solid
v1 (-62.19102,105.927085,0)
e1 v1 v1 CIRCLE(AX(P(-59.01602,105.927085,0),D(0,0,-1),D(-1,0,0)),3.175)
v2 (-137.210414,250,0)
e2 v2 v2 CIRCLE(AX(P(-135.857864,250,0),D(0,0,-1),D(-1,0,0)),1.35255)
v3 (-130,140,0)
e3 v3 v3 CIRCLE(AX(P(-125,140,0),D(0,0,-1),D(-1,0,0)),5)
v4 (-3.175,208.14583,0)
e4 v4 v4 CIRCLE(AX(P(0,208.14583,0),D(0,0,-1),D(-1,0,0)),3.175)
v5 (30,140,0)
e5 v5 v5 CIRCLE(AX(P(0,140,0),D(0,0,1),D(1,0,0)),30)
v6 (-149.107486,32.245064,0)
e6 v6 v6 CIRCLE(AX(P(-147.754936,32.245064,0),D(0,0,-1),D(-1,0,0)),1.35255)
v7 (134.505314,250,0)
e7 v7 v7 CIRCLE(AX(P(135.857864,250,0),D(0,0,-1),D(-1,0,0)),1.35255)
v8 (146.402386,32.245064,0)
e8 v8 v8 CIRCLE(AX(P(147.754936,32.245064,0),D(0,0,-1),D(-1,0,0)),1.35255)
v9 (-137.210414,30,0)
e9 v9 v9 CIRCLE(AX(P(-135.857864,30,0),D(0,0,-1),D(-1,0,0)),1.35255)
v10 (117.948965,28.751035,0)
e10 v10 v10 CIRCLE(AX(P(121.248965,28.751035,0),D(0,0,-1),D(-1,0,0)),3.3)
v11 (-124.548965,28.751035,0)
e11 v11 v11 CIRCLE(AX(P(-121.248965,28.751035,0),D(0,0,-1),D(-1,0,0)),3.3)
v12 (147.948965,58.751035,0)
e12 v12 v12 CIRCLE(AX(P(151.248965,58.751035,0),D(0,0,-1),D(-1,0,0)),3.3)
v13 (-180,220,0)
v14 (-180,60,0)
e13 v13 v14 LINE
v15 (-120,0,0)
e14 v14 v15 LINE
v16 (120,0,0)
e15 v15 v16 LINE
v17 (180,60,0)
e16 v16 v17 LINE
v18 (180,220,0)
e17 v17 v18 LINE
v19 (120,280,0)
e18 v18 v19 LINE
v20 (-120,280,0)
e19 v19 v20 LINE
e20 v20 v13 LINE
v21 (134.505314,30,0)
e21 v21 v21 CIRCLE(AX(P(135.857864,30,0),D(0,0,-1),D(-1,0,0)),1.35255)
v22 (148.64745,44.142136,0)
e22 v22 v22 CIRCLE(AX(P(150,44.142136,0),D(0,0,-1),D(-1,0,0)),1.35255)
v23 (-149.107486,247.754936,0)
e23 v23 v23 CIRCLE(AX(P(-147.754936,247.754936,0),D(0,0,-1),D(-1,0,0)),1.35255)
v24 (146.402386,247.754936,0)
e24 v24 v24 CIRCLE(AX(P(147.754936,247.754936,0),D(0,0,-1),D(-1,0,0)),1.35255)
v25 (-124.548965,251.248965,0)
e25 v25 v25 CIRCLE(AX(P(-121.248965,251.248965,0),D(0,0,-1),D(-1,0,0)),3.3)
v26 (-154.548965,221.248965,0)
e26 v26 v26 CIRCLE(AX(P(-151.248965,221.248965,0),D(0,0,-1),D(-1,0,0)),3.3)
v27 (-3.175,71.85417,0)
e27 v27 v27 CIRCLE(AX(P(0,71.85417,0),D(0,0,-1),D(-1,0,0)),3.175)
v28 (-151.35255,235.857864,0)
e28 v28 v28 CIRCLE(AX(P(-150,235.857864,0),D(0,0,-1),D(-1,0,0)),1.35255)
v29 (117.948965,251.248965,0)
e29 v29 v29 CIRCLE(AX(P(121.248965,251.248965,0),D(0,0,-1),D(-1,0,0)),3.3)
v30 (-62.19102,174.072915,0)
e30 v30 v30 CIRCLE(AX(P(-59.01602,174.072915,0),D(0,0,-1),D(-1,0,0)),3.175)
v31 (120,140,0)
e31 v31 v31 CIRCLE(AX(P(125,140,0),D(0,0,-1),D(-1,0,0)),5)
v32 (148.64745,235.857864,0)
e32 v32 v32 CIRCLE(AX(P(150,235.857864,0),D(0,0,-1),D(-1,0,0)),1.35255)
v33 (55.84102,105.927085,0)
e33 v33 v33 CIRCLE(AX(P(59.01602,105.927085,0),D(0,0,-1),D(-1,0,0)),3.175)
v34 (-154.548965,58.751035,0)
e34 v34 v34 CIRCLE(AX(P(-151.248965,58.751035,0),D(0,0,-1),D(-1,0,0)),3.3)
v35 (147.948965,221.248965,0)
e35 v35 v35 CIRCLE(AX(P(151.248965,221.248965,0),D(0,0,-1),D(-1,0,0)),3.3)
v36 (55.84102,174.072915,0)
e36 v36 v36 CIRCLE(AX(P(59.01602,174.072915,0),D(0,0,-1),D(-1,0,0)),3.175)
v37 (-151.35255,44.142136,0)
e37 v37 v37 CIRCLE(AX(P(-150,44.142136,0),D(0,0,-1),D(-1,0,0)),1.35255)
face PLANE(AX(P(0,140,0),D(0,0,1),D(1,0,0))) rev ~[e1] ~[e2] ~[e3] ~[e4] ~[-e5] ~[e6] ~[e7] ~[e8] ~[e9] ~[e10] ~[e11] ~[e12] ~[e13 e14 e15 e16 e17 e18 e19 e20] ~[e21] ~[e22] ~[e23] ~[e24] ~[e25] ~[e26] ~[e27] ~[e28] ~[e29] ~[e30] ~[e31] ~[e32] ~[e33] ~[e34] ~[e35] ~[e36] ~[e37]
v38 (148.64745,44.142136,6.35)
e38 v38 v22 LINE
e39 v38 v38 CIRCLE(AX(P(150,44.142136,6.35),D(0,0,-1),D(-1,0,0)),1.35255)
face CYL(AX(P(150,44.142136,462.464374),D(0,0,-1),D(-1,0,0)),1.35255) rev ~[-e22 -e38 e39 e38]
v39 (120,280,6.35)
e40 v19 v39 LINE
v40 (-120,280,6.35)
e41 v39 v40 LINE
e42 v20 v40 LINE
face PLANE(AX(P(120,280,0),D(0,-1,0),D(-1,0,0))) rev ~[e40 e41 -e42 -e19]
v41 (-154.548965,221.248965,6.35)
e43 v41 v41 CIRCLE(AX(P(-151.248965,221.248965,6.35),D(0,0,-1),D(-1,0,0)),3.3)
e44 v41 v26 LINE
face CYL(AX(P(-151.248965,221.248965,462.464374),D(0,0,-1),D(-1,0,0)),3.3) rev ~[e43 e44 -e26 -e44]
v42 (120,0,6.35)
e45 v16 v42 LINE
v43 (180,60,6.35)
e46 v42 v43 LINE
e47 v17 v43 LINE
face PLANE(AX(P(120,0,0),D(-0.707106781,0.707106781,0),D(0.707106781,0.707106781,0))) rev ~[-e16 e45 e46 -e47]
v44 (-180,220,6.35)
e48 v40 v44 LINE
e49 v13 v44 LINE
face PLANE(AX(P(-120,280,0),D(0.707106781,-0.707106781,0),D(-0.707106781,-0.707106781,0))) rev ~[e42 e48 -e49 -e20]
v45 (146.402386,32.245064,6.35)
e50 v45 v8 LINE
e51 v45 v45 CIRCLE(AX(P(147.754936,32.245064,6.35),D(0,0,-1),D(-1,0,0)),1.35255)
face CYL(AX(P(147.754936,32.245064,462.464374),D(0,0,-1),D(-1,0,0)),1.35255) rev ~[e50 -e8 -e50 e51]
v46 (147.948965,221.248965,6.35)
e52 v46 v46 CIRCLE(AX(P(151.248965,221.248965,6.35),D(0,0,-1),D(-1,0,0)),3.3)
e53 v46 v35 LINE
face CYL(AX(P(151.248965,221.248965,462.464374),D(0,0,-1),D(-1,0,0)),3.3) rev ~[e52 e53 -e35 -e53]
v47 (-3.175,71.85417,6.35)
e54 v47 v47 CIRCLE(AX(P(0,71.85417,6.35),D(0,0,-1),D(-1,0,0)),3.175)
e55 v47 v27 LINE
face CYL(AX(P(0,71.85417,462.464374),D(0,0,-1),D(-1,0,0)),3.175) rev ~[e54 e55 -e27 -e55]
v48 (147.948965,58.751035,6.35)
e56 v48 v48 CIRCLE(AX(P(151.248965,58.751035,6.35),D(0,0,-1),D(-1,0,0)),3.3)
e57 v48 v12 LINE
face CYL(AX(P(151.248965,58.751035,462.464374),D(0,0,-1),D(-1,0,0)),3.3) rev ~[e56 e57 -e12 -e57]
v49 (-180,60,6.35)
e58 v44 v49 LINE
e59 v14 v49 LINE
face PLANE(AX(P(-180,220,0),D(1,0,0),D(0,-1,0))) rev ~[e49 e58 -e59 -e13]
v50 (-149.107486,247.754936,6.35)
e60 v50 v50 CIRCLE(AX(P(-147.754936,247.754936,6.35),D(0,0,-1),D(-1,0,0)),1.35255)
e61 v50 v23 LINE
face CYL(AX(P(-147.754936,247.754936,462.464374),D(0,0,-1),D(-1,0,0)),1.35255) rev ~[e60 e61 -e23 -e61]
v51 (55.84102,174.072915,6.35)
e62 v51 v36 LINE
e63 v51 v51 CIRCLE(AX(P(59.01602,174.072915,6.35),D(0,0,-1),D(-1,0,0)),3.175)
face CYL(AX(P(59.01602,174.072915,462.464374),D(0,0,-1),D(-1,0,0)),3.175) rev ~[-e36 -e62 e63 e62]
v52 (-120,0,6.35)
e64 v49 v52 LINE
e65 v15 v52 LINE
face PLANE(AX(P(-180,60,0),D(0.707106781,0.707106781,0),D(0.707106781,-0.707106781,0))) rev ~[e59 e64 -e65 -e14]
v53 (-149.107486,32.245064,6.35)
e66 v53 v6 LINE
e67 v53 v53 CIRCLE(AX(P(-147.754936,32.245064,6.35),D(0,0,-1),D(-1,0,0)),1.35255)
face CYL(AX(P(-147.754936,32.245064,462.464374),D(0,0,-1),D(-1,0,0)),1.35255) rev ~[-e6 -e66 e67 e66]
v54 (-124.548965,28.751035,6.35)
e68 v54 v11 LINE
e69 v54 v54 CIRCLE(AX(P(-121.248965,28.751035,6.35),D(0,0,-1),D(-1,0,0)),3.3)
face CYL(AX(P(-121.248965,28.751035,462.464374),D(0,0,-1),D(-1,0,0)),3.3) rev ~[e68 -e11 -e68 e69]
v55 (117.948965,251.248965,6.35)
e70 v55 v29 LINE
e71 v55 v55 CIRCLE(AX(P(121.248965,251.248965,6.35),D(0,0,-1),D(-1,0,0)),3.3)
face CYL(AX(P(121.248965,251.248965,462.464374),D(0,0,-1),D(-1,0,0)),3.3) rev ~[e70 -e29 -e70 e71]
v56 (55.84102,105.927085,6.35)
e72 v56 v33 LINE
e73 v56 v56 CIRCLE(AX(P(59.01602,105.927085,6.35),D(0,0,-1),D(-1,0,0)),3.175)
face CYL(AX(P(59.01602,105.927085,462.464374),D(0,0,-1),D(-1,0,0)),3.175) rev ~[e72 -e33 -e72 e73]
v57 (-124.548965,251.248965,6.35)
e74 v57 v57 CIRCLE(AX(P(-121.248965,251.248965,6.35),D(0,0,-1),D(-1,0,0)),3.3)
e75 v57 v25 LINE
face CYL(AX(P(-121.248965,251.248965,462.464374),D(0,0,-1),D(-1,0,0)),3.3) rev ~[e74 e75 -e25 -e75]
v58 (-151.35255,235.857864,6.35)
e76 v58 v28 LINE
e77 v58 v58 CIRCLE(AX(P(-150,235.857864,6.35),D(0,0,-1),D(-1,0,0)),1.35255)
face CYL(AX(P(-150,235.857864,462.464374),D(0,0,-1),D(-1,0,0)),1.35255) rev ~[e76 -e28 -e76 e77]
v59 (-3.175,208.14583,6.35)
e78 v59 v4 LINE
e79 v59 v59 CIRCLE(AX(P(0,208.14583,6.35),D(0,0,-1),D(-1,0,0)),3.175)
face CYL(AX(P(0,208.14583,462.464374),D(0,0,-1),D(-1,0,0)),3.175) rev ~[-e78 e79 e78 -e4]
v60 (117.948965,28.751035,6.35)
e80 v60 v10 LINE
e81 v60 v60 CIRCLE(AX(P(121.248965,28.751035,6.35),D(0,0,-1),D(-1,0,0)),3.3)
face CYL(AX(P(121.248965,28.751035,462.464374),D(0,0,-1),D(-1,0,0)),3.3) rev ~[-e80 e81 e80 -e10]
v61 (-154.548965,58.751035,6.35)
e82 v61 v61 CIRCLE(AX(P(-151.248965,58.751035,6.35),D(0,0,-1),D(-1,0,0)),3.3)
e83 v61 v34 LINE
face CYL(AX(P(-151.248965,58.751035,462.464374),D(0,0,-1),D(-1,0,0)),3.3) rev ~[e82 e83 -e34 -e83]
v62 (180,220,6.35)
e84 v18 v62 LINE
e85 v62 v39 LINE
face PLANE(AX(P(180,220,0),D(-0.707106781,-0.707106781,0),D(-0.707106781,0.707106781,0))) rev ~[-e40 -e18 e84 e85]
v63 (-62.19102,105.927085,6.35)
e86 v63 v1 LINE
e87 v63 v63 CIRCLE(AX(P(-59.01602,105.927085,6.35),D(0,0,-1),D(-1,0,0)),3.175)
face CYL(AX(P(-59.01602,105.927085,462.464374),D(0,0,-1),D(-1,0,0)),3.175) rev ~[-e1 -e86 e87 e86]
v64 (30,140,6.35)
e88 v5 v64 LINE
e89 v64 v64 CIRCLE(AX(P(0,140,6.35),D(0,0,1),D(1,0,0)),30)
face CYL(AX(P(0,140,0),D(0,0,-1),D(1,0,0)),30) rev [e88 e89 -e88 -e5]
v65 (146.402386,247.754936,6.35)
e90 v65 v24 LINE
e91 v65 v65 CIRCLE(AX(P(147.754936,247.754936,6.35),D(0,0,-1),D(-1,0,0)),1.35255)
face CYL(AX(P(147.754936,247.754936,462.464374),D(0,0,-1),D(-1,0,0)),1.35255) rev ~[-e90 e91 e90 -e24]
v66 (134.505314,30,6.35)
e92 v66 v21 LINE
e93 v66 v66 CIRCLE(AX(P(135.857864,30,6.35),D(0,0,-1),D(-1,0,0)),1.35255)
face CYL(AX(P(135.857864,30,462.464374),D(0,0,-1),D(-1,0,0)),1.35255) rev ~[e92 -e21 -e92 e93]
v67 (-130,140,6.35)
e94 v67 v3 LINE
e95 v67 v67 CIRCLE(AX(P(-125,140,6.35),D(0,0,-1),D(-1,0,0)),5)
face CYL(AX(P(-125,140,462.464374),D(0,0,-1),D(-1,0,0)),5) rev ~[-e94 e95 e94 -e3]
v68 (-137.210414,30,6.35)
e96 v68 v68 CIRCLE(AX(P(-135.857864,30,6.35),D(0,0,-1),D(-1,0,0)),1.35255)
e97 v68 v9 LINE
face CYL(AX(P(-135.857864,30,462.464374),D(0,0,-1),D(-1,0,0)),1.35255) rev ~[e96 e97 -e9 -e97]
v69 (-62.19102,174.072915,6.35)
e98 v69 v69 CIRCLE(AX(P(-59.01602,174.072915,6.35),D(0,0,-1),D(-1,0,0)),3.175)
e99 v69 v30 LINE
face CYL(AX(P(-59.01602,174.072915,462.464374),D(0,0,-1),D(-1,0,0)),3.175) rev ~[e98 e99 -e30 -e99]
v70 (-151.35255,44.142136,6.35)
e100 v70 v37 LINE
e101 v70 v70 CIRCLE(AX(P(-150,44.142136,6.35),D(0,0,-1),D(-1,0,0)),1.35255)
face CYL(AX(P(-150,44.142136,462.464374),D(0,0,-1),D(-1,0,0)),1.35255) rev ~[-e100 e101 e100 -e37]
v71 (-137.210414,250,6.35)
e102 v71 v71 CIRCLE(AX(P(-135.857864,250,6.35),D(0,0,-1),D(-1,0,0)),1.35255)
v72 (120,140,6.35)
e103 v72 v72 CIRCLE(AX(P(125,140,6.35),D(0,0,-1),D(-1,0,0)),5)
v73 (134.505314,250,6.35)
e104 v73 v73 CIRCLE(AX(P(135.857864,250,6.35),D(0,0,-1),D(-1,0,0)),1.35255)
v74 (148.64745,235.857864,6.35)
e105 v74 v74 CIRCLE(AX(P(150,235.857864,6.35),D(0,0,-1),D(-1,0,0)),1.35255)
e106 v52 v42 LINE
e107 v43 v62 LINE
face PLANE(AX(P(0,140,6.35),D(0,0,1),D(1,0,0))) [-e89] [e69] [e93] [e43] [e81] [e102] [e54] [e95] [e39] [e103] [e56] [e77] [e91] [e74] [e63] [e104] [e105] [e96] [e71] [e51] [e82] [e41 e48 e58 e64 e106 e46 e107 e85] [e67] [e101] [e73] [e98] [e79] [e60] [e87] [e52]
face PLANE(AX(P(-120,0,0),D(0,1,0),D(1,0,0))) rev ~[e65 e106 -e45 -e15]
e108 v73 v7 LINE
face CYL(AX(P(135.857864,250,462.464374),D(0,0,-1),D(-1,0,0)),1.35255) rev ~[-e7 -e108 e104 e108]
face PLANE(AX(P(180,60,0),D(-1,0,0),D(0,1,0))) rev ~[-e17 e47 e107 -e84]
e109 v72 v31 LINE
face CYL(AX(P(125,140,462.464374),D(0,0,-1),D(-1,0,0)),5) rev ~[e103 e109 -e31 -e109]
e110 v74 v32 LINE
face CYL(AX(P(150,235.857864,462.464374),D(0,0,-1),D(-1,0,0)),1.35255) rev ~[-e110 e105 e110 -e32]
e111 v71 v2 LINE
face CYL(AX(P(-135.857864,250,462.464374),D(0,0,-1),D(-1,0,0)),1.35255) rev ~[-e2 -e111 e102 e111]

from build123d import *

# Parameters (mm, degrees)
F0_R     = 30
F1_DEPTH = 6.35
F3_D     = 10
F5_D     = 6.6
F6_D     = 2.7051
F7_D     = 2.7051
F9_D     = 6.35
F10_D    = 2.7051


with BuildPart() as f1:
    # F0 (on Top) → F1 (new body)
    with BuildSketch(Plane.XY):
        Polygon((-180, 60), (-120, 0), (120, 0), (180, 60), (180, 220), (120, 280), (-120, 280), (-180, 220), align=None)
        with Locations((0, 140)):
            Circle(F0_R, mode=Mode.SUBTRACT)
    extrude(amount=F1_DEPTH)

    # F3 (through all)
    with Locations(Plane.XY.offset(6.35)):
        with Locations((-125, 140), (125, 140)):
            Hole(F3_D / 2)

    # F5 (through all)
    with Locations(Plane.XY.offset(6.35)):
        with Locations((-121.2489651369, 251.2489651369), (-151.2489651369, 221.2489651369), (-151.2489651369, 58.7510348631), (-121.2489651369, 28.7510348631), (121.2489651369, 28.7510348631), (151.2489651369, 58.7510348631), (151.2489651369, 221.2489651369), (121.2489651369, 251.2489651369)):
            Hole(F5_D / 2)

    # F6 (through all)
    with Locations(Plane.XY.offset(6.35)):
        with Locations((-150, 235.8578643763), (-135.8578643763, 250)):
            Hole(F6_D / 2)

    # F7 (through all)
    with Locations(Plane.XY.offset(6.35)):
        with Locations((-150, 44.1421356237), (-135.8578643763, 30), (135.8578643763, 250), (150, 235.8578643763), (135.8578643763, 30), (150, 44.1421356237)):
            Hole(F7_D / 2)

    # F9 (through all)
    with Locations(Plane.XY.offset(6.35)):
        with Locations((0, 208.14583), (59.016019942, 174.072915), (-59.016019942, 174.072915), (-59.016019942, 105.927085), (0, 71.85417), (59.016019942, 105.927085)):
            Hole(F9_D / 2)

    # F10 (through all)
    with Locations(Plane.XY.offset(6.35)):
        with Locations((147.7549359697, 247.7549359697), (147.7549359697, 32.2450640303), (-147.7549359697, 32.2450640303), (-147.7549359697, 247.7549359697)):
            Hole(F10_D / 2)


solid = f1.part
